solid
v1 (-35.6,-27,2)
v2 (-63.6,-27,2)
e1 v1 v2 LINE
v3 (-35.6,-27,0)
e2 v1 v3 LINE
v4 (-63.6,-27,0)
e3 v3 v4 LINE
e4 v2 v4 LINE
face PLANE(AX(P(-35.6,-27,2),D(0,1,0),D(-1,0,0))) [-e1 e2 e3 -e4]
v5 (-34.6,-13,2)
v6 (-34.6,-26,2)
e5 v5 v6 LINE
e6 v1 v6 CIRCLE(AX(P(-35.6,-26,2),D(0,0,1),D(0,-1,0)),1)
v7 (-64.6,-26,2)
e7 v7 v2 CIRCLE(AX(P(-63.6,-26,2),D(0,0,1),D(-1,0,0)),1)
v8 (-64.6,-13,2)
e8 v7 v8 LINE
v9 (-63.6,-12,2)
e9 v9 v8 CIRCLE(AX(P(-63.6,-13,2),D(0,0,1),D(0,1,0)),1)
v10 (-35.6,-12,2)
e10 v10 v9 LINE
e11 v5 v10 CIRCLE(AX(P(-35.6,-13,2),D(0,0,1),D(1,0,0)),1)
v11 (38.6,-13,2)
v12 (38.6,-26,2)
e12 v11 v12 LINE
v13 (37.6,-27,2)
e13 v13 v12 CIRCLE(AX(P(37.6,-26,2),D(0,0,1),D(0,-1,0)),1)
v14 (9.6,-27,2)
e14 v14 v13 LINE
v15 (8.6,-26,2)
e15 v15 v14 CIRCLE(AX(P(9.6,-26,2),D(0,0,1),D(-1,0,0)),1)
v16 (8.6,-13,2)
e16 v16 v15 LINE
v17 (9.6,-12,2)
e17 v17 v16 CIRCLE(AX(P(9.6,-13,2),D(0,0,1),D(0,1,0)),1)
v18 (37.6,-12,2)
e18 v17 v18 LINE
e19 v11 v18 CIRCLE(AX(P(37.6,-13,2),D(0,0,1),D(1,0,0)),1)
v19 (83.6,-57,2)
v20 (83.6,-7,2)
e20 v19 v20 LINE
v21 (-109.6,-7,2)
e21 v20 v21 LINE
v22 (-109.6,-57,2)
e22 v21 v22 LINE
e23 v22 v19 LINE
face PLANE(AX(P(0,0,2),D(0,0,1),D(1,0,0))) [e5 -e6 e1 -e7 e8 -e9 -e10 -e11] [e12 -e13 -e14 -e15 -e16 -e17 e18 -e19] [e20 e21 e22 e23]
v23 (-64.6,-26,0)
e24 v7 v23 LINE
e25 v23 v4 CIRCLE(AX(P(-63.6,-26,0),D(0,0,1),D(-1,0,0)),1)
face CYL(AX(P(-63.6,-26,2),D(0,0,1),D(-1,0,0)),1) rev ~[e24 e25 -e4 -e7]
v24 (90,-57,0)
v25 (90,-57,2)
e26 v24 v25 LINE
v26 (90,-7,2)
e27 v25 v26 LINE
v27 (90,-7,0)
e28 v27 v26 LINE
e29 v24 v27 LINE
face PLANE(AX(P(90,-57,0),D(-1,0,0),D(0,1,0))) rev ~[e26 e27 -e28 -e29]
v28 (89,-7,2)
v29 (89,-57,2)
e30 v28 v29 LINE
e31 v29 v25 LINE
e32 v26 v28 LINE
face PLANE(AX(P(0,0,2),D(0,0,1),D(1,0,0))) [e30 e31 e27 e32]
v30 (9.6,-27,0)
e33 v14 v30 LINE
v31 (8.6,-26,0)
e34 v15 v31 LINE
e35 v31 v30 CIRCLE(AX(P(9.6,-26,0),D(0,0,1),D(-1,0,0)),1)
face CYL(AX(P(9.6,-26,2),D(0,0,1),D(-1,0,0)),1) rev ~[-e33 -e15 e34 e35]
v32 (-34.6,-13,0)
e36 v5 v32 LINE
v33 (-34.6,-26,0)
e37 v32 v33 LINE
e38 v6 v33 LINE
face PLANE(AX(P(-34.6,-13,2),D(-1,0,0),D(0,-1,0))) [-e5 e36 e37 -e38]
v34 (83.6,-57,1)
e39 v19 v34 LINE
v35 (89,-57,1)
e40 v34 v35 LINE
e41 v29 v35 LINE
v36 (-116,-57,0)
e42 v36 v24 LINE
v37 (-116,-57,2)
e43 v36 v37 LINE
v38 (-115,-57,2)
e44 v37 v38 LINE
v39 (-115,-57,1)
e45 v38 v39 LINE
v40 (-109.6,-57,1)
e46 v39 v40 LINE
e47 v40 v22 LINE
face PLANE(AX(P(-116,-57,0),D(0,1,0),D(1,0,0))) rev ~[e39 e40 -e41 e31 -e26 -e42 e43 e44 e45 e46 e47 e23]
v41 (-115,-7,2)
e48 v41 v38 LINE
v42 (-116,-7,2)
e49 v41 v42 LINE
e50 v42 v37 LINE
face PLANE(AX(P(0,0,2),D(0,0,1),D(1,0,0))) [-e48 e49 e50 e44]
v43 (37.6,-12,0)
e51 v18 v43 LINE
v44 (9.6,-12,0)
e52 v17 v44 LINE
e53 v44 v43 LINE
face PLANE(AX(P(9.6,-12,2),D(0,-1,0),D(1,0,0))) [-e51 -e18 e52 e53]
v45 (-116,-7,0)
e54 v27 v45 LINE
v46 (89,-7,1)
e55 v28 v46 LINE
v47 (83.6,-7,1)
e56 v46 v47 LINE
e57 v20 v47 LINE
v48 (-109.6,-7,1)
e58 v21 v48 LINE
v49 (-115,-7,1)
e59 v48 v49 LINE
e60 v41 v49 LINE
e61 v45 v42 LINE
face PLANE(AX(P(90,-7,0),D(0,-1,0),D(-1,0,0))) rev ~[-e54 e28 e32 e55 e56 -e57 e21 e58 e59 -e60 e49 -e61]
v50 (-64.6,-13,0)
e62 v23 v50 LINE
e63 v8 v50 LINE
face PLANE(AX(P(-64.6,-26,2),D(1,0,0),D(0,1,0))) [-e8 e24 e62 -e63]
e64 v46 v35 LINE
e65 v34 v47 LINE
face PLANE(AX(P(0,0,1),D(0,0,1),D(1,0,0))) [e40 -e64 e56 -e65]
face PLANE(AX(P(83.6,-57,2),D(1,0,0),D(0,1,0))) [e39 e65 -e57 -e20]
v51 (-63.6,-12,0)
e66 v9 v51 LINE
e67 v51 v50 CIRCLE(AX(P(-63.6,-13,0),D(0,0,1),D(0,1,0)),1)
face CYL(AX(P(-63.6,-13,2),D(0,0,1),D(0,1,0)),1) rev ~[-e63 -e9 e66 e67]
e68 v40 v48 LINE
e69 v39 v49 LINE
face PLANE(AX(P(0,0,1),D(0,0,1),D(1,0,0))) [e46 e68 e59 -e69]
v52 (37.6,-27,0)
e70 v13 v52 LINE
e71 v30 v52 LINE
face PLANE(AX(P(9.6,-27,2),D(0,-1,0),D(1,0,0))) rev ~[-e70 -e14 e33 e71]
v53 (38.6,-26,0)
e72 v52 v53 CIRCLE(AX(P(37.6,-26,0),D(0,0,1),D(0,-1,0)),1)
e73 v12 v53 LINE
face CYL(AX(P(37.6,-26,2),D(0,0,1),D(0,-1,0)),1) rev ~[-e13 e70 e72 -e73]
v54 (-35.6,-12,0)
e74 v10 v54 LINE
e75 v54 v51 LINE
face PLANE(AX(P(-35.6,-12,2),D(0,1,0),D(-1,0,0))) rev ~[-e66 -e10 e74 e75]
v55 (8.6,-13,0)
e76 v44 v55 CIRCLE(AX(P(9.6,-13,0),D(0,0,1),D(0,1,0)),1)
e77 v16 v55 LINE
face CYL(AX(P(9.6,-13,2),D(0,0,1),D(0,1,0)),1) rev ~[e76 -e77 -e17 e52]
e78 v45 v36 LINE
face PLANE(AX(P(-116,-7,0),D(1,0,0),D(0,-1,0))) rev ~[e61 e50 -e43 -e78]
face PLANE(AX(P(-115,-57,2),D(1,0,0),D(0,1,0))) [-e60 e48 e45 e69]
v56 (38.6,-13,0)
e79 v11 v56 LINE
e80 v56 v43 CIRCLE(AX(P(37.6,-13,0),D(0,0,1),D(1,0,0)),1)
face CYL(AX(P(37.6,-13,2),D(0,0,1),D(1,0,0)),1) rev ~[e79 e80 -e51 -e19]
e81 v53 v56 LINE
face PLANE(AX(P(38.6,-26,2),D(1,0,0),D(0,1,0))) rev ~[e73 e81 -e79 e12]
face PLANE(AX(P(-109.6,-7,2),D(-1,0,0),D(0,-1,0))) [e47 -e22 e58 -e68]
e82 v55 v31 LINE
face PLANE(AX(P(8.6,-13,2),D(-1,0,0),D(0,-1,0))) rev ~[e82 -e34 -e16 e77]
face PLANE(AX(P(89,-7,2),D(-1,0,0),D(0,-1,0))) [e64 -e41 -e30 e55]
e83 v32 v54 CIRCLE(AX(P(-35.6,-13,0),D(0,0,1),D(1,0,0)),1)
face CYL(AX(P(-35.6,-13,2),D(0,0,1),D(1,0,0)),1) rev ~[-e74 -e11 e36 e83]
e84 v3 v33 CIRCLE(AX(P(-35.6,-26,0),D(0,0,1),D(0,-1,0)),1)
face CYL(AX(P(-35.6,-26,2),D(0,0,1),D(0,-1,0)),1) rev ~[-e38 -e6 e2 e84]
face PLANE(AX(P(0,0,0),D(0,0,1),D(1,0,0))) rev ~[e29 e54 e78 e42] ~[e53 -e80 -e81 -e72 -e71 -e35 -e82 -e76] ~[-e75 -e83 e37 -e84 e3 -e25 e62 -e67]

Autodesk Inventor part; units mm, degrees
ref_plane "YZ Plane" through (0, 0, 0) normal (1, 0, 0) x (0, 1, 0)
ref_plane "XZ Plane" through (0, 0, 0) normal (0, 1, 0) x (-1, 0, 0)
ref_plane "XY Plane" through (0, 0, 0) normal (0, 0, 1) x (1, 0, 0)
sketch "스케치1" plane through (0, 0, 0) normal (0, 0, 1) x (1, 0, 0)
  line L0 (90, -7) -> (-116, -7)
  line L1 (-116, -7) -> (-116, -57)
  line L2 (-116, -57) -> (90, -57)
  line L3 (90, -57) -> (90, -7)
  point P0 (0, 0)
  dimension "d0" = 50
  dimension "d3" = 206
extrude "돌출1" add sketch "스케치1" along normal blind 2
sketch "스케치2" plane through (0, 0, 2) normal (0, 0, 1) x (1, 0, 0)
  line L0 (90, -7) -> (-116, -7) projected
  line L1 (-115, -7) -> (-109.6, -7)
  line L2 (-109.6, -7) -> (-109.6, -57.0095)
  line L3 (-109.6, -57.0095) -> (-115, -57.0095)
  line L4 (-115, -57.0095) -> (-115, -7)
  line L5 (-116, -7) -> (-116, -57) projected
  line L6 (-116, -57) -> (90, -57) projected
  line L7 (83.6, -7) -> (89, -7)
  line L8 (89, -7) -> (89, -57)
  line L9 (89, -57) -> (83.6, -57)
  line L10 (83.6, -57) -> (83.6, -7)
  line L11 (90, -57) -> (90, -7) projected
  point P0 (0, 0)
  dimension "d4" = 5.4
  dimension "d5" = 1
  dimension "d6" = 5.4
  dimension "d7" = 1
extrude "돌출2" cut sketch "스케치2" against normal blind 1 contours L8 L6 L10 L0 | L2 L6 L4 L0 | L2 L3 L4 L6
sketch "스케치3" plane through (0, 0, 2) normal (0, 0, 1) x (1, 0, 0)
  line L0 (83.6, -57) -> (83.6, -7) projected
  line L1 (83.6, -7) -> (-109.6, -7) projected
  line L2 (-109.6, -7) -> (-109.6, -57) projected
  line L3 (-109.6, -57) -> (83.6, -57) projected
  line L4 (-109.6, -29.3333) -> (-64.6, -29.3333)
  line L5 (83.6, -24) -> (38.6, -24)
  line L6 (90, -7) -> (-116, -7) projected
  line L7 (-13, -7) -> (-13, -12)
  line L8 (-13, -12) -> (-63.6, -12)
  line L9 (-109.6, -7) -> (-109.6, -57) projected
  line L10 (9.6, -12) -> (37.6, -12)
  line L11 (38.6, -26) -> (38.6, -13)
  line L12 (-64.6, -26) -> (-64.6, -13)
  line L13 (37.6, -12) -> (9.6, -12)
  line L14 (8.6, -13) -> (8.6, -26)
  line L15 (9.6, -27) -> (37.6, -27)
  line L16 (38.6, -26) -> (38.6, -13)
  line L17 (-63.6, -12) -> (-35.6, -12)
  line L18 (-34.6, -13) -> (-34.6, -26)
  line L19 (-35.6, -27) -> (-63.6, -27)
  line L20 (-64.6, -26) -> (-64.6, -13)
  arc A0 (-34.6, -13) -> (-35.6, -12) centre (-35.6, -13) ccw
  arc A1 (-35.6, -27) -> (-34.6, -26) centre (-35.6, -26) ccw
  arc A2 (-64.6, -26) -> (-63.6, -27) centre (-63.6, -26) ccw
  arc A3 (-63.6, -12) -> (-64.6, -13) centre (-63.6, -13) ccw
  arc A4 (9.6, -12) -> (8.6, -13) centre (9.6, -13) ccw
  arc A5 (38.6, -13) -> (37.6, -12) centre (37.6, -13) ccw
  arc A6 (37.6, -27) -> (38.6, -26) centre (37.6, -26) ccw
  arc A7 (8.6, -26) -> (9.6, -27) centre (9.6, -26) ccw
  point P0 (0, 0)
  point P1 (83.6, -12)
  point P2 (38.6, -12)
  point P3 (-64.6, -12)
  point P4 (8.6, -27)
  point P5 (8.6, -12)
  point P6 (38.6, -27)
  point P7 (-34.6, -27)
  point P8 (-34.6, -12)
  point P9 (-64.6, -27)
  dimension "d10" = 45
  dimension "d11" = 45
  dimension "d12" = 5
  dimension "d13" = 30
  dimension "d14" = 15
  dimension "d15" = 30
  dimension "d16" = 15
  dimension "d19" = 1
extrude "돌출3" cut sketch "스케치3" against normal blind 10 contours L11 A6 L15 A7 L14 A4 L10 A5 | A0 L18 A1 L19 A2 L12 A3 L8
properties part number "뒷판" material "알루미늄 6061"
